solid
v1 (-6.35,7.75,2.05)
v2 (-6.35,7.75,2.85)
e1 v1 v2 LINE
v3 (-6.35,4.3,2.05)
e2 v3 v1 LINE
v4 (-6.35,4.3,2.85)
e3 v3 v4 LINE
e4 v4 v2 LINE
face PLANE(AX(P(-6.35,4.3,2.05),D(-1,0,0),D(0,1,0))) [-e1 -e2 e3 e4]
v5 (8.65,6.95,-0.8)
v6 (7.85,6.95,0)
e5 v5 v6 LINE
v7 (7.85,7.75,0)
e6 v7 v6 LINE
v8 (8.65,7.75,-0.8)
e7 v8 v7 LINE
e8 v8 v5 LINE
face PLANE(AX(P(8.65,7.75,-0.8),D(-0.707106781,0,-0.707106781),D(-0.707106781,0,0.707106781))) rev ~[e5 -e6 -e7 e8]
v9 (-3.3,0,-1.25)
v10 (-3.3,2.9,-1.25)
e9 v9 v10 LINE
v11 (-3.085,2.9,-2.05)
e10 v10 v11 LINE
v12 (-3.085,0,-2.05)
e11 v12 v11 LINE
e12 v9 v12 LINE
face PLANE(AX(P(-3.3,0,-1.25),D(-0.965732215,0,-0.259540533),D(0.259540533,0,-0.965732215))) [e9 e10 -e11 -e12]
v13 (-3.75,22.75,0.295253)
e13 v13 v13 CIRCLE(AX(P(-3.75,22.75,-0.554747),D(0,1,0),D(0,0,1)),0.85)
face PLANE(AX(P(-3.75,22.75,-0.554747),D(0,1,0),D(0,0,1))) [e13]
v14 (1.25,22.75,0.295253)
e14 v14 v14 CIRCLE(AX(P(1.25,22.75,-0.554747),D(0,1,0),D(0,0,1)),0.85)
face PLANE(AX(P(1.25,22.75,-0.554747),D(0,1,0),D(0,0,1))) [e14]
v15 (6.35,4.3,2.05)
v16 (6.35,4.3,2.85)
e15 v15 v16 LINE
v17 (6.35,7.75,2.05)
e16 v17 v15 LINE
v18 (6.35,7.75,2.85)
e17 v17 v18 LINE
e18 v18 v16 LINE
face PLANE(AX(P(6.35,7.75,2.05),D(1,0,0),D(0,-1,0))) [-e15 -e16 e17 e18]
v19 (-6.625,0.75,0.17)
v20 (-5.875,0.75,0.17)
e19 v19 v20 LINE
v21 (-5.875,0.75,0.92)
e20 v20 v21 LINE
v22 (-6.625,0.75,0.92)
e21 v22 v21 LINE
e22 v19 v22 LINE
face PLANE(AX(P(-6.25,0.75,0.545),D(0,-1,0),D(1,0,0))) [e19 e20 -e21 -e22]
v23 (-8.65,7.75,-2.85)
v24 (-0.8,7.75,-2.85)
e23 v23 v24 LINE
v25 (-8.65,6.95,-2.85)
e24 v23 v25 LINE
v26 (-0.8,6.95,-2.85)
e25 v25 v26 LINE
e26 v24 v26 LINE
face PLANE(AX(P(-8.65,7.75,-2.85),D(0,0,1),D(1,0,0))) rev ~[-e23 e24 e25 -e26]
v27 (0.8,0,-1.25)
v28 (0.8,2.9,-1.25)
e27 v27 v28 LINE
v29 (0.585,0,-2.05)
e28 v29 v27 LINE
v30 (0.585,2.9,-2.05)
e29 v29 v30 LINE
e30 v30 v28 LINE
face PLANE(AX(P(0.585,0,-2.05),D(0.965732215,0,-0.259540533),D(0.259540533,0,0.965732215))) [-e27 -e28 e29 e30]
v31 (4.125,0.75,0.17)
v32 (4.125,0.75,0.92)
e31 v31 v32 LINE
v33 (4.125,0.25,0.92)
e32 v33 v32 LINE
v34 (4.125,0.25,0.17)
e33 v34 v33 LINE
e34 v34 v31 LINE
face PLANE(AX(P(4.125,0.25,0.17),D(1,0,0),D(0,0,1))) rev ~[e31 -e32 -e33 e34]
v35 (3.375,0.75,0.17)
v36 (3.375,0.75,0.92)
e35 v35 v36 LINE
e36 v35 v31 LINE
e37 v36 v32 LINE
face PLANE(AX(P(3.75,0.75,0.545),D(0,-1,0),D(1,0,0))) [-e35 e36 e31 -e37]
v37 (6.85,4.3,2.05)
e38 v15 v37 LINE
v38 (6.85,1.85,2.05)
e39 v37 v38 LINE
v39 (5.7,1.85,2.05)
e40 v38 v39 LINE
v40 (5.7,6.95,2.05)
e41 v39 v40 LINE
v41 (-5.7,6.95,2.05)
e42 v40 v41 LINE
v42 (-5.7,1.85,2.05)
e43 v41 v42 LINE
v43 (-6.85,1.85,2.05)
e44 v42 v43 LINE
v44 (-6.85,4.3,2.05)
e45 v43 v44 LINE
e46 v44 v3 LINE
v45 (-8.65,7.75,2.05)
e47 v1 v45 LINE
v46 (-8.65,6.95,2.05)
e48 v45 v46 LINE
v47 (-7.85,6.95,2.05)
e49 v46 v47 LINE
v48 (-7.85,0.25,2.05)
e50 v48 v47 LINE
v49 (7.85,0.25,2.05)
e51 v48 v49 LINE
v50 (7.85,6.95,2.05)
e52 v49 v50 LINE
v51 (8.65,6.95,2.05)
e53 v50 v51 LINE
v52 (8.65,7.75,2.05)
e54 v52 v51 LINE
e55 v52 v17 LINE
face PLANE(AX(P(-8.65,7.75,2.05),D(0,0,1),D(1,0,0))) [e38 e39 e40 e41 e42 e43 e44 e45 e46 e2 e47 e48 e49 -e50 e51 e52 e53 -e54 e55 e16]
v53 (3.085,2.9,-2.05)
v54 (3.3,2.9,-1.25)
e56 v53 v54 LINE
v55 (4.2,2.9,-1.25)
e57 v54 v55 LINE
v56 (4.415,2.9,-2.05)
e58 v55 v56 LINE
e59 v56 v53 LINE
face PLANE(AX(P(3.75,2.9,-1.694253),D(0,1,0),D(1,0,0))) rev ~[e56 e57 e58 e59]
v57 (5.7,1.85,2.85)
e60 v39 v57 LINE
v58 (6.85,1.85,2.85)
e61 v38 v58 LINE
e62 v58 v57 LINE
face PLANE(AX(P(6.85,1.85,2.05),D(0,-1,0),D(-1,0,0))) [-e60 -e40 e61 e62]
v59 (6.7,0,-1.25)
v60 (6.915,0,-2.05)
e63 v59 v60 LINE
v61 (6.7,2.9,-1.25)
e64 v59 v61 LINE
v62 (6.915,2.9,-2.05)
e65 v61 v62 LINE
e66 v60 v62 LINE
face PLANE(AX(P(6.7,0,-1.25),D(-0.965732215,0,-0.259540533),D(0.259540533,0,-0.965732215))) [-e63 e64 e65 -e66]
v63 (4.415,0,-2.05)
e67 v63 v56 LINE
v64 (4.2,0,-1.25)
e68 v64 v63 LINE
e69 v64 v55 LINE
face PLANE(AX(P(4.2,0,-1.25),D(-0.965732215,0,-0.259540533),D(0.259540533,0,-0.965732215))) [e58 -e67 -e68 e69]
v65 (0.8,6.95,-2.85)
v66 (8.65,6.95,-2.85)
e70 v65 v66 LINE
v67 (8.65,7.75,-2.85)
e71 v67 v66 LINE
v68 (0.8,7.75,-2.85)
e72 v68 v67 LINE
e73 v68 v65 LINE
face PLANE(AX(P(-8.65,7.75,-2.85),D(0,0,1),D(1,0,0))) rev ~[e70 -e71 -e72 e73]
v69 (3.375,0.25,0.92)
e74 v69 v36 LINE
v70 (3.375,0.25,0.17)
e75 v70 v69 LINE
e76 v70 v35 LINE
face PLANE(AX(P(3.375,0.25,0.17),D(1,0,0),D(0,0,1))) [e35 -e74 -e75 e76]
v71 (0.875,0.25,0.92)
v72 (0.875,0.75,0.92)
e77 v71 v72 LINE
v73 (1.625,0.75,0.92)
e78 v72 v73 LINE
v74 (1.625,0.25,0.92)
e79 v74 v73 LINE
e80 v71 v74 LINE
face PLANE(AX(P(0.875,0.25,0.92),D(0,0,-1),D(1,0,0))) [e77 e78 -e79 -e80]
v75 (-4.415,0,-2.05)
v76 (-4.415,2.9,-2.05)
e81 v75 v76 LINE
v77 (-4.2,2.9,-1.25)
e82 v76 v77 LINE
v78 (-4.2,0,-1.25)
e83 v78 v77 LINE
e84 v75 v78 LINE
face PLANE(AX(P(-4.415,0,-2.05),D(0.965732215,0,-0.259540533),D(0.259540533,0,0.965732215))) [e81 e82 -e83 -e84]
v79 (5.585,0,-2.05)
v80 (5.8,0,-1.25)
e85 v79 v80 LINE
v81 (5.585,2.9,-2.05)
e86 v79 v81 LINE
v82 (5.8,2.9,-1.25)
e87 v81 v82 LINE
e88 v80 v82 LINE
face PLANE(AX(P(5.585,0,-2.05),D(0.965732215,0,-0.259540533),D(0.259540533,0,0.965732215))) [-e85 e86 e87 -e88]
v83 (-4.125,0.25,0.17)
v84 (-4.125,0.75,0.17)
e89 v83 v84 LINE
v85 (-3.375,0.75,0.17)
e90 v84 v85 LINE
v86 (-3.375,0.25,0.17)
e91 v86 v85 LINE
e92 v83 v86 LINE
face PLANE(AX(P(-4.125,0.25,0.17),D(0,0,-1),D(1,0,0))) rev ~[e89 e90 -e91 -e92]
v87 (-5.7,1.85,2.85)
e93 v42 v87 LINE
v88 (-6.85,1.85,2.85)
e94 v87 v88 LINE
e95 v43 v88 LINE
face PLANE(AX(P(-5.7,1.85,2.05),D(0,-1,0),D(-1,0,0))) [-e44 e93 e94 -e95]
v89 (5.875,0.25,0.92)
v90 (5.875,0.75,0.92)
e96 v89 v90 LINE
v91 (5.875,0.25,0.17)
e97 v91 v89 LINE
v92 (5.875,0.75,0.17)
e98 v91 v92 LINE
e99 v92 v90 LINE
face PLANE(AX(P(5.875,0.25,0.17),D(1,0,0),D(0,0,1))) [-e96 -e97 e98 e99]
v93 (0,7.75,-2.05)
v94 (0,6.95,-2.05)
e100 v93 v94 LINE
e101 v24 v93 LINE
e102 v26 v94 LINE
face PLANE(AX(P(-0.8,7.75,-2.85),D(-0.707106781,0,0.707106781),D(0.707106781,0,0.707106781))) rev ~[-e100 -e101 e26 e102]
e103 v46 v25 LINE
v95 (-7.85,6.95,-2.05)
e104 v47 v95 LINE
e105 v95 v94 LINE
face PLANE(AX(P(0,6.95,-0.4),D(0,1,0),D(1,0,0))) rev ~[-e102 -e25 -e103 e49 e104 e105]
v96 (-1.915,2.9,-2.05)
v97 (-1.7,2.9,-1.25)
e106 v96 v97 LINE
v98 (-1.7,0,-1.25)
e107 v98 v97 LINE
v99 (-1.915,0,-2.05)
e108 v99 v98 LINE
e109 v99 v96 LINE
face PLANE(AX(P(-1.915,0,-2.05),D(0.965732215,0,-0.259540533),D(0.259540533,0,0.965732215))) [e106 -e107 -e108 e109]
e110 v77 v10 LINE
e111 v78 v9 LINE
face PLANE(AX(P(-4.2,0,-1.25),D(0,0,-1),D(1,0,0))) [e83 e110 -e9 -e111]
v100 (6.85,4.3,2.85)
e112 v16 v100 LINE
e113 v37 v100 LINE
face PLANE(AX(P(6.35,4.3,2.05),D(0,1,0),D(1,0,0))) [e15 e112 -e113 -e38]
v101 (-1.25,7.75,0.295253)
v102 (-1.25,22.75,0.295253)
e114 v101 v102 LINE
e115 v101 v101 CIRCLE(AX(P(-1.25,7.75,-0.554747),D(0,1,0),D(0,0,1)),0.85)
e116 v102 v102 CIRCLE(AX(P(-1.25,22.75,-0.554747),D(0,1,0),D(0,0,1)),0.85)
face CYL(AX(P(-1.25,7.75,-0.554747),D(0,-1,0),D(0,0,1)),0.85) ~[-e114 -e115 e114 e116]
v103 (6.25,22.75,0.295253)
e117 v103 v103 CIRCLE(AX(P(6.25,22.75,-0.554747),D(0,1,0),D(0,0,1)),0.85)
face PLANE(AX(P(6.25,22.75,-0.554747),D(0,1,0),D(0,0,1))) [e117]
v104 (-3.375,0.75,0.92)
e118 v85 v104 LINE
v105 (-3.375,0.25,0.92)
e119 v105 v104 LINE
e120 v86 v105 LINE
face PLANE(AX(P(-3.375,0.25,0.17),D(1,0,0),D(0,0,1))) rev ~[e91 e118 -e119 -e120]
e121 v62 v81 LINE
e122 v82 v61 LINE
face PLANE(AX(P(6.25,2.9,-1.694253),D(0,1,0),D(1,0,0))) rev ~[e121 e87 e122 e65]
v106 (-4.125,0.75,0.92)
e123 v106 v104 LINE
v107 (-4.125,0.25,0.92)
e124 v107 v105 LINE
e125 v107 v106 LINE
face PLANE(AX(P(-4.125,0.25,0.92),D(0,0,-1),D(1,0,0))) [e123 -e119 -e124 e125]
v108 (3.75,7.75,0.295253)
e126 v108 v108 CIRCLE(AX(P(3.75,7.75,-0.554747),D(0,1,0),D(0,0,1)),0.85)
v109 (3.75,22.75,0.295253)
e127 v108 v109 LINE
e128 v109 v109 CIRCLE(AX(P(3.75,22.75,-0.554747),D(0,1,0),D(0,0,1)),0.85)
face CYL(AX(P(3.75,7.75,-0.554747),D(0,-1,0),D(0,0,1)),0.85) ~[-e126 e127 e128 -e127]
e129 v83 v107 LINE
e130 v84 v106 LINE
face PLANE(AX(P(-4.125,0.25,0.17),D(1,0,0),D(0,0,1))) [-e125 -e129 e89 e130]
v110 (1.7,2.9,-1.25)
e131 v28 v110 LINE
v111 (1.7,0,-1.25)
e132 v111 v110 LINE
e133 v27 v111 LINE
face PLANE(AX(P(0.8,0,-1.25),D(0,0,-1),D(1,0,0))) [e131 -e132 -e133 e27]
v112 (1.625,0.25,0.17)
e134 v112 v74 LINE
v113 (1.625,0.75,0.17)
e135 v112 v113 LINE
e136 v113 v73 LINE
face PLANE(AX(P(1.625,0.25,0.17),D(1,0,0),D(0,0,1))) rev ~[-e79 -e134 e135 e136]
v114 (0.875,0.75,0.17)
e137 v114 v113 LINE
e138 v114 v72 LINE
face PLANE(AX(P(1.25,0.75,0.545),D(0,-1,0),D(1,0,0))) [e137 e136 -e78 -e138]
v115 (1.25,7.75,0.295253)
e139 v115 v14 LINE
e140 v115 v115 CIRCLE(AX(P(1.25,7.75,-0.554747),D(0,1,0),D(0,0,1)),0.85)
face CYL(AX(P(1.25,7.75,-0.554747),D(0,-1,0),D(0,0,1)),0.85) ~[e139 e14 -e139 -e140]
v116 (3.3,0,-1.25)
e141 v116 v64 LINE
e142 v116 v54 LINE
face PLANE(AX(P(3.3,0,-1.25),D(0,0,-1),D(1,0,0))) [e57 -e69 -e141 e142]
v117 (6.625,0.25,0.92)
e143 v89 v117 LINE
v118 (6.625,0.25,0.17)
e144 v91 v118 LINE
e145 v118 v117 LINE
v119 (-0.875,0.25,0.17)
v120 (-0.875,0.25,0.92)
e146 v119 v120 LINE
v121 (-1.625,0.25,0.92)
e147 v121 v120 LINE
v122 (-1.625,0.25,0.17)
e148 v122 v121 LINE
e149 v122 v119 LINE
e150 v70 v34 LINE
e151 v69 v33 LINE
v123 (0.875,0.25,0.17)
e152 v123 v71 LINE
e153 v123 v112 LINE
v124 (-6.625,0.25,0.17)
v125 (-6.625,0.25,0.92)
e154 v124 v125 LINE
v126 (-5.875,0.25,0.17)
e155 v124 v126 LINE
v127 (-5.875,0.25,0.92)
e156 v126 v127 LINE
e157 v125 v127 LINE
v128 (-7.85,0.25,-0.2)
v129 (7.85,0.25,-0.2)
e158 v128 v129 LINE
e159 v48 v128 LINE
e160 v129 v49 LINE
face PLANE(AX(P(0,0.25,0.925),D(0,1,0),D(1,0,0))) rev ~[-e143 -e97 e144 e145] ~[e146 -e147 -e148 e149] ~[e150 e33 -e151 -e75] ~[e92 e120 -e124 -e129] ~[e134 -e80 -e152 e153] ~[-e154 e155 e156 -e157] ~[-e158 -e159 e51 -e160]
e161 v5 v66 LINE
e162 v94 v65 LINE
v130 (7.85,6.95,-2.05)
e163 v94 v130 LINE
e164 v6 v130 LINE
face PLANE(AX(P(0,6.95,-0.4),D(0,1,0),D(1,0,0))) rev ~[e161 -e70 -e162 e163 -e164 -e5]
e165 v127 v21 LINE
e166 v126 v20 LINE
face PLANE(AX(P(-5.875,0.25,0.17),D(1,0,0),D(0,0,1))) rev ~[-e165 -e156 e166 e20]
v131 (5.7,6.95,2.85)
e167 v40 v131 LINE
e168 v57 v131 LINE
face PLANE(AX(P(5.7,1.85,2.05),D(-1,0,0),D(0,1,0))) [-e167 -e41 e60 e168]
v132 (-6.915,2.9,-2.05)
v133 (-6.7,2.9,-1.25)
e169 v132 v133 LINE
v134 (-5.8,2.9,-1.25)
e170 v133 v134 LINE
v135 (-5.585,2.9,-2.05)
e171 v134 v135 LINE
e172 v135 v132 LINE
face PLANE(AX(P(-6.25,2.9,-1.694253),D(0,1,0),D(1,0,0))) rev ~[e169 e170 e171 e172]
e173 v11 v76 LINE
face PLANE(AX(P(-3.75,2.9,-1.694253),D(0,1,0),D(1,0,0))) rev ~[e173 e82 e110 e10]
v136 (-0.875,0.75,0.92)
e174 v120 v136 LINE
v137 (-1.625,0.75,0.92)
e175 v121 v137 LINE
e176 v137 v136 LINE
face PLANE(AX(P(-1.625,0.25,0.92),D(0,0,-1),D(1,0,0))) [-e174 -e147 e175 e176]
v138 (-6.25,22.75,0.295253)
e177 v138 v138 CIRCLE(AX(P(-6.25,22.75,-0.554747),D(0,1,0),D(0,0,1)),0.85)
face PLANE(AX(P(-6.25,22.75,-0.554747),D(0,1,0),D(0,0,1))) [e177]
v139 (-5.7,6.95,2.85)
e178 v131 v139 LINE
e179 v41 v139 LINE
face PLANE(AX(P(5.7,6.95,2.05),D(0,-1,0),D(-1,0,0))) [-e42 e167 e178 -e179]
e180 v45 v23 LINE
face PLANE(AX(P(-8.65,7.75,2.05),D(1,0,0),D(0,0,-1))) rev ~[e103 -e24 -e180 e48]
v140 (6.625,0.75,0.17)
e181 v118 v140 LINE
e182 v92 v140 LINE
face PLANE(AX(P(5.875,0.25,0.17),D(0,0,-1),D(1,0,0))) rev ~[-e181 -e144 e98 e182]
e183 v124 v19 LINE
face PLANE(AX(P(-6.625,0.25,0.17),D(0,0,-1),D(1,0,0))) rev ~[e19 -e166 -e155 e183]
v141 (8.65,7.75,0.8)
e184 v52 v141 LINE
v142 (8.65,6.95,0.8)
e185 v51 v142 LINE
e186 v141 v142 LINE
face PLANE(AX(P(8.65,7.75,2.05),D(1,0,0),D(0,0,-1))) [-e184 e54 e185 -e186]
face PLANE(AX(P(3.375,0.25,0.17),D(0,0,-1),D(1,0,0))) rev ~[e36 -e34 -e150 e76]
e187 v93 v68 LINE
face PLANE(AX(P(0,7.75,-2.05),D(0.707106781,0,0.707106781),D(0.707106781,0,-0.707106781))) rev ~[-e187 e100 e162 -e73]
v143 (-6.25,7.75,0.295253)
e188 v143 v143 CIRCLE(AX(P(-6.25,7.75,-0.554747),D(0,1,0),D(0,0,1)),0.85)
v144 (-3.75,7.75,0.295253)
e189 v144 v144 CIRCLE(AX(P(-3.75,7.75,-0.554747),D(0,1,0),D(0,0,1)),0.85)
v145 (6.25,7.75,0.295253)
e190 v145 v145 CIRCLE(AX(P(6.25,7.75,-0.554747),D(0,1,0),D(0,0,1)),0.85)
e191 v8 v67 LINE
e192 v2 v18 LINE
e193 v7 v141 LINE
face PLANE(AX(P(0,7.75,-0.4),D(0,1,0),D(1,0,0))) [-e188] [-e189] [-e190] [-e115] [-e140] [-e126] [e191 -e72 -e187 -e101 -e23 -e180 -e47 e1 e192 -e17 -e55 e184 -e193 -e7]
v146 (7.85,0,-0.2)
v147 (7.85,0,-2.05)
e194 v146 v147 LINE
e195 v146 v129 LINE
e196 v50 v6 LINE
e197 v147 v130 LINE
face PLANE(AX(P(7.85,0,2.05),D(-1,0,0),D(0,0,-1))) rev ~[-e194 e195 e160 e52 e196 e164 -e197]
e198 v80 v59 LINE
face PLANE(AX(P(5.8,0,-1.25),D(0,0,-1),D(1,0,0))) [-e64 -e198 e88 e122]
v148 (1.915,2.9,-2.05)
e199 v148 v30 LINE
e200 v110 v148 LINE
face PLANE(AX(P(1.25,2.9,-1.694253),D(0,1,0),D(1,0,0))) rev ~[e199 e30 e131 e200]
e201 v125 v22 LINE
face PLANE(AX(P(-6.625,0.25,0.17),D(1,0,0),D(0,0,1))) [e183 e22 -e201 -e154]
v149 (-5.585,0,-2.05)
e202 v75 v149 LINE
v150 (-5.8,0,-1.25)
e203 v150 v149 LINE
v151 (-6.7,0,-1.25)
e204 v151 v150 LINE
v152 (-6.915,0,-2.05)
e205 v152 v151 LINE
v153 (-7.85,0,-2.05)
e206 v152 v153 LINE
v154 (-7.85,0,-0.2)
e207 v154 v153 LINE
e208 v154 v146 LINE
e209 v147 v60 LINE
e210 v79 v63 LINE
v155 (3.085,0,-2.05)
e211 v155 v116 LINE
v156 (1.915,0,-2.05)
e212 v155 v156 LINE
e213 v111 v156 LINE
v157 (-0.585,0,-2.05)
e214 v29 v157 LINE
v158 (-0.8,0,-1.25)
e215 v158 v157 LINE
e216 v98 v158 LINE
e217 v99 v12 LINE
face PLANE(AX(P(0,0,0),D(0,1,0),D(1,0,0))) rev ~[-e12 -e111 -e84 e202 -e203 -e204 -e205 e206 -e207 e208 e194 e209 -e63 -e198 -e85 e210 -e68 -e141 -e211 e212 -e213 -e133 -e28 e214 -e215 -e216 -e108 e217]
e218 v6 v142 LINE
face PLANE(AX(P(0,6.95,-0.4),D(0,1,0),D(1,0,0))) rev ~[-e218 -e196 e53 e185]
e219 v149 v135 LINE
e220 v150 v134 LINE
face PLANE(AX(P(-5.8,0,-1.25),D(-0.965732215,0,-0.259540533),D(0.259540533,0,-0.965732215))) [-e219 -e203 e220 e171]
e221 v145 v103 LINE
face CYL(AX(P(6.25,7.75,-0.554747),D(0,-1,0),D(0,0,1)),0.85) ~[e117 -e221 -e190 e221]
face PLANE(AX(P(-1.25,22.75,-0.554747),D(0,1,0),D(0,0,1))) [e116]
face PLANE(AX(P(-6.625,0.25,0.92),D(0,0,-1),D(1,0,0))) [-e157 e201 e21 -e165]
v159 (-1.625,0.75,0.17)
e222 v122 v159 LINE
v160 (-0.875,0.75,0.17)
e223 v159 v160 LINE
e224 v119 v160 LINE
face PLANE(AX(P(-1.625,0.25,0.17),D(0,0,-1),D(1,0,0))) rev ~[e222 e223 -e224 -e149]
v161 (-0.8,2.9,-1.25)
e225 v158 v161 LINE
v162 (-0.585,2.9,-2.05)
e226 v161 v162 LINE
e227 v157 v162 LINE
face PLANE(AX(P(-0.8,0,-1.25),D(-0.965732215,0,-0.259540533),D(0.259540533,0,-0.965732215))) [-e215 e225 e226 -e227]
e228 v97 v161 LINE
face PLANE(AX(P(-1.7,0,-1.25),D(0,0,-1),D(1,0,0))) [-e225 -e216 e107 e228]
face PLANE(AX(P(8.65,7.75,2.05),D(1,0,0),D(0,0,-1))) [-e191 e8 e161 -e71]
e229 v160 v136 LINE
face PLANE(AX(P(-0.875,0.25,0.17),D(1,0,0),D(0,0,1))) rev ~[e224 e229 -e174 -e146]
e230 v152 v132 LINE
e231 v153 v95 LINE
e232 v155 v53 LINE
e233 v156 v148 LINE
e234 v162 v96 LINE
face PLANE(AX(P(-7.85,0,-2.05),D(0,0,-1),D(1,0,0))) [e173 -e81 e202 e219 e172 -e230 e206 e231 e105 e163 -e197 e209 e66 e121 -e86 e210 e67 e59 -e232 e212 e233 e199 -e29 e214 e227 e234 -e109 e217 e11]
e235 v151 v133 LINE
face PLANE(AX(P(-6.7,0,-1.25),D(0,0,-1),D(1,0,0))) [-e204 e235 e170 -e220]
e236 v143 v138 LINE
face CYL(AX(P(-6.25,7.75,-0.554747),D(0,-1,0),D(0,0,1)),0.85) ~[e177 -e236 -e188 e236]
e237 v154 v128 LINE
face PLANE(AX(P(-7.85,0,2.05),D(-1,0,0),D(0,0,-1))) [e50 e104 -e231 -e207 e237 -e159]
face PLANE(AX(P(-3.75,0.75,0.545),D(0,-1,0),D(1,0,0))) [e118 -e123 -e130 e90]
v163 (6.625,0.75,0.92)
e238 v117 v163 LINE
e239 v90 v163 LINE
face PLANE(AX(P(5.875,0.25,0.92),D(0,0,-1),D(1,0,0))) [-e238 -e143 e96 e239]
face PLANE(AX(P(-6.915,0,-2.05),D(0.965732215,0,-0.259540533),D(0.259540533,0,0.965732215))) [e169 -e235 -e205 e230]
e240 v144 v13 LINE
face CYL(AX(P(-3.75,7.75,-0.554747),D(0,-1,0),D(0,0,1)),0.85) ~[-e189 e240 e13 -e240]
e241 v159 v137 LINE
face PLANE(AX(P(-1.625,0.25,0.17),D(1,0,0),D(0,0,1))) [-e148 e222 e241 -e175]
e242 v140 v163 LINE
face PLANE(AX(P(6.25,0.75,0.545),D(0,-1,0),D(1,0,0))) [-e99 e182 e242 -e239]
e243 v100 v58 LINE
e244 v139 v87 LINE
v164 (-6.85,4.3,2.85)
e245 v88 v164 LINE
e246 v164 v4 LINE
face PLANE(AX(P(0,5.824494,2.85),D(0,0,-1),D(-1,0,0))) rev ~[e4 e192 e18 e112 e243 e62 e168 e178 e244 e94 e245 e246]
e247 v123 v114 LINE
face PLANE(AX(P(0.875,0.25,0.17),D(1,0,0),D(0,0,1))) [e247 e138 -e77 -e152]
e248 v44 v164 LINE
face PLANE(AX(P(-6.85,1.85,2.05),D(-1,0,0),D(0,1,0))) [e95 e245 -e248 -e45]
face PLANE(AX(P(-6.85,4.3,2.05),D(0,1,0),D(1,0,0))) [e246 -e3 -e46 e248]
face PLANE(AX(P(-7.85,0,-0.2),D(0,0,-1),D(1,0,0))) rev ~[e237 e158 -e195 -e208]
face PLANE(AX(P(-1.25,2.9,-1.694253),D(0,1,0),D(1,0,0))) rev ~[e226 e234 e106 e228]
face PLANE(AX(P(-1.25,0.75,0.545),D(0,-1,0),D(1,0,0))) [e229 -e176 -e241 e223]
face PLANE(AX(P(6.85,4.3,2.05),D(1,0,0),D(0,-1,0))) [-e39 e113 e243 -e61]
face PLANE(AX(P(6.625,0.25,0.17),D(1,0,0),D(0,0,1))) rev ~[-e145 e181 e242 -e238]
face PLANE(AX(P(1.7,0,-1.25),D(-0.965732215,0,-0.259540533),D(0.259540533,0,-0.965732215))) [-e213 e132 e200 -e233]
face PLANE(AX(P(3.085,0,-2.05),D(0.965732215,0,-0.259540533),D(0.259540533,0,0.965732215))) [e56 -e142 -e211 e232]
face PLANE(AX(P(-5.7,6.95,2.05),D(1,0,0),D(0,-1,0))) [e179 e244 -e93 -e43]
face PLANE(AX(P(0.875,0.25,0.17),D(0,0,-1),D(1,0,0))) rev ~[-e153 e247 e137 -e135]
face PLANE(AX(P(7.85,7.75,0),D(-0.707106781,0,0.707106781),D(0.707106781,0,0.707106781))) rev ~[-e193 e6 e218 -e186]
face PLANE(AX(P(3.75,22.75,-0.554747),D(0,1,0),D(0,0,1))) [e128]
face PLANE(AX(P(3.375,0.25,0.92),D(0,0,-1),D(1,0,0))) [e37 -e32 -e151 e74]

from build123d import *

# Parameters (mm, degrees)
ESQUISSE1_W                = 15.7
ESQUISSE1_H                = 4.1
BOSS_EXTRU_1_DEPTH         = 7.75
ESQUISSE2_W                = 15.7
ESQUISSE2_H                = 2.25
ENL_V_MAT_EXTRU_1_DEPTH    = 0.25
ESQUISSE3_W                = 17.3
ESQUISSE3_H                = 4.9
BOSS_EXTRU_2_DEPTH         = 0.8
ENL_V_MAT_EXTRU_4_DEPTH    = 12.95857433
BOSS_EXTRU_3_DEPTH         = 0.8
ENL_V_MAT_EXTRU_2_DEPTH    = 2.9
ESQUISSE6_W                = 0.75
ESQUISSE6_H                = 0.75
ENL_V_MAT_EXTRU_3_DEPTH    = 0.5
ESQUISSE7_R                = 0.85
BOSS_EXTRU_4_DEPTH         = 15
R_P_TITION_LIN_AIRE2_COUNT = 6
R_P_TITION_LIN_AIRE2_PITCH = 2.5


with BuildPart() as part:
    # Esquisse1 → Boss.-Extru.1 (new body)
    with BuildSketch(Plane(origin=(0, 0, 0), x_dir=(1, 0, 0), z_dir=(0, 1, 0))):
        Rectangle(ESQUISSE1_W, ESQUISSE1_H)
    extrude(amount=BOSS_EXTRU_1_DEPTH)

    # Esquisse2 → Enlèv. mat.-Extru.1 (cut)
    with BuildSketch(Plane(origin=(0, 0, 0), x_dir=(1, 0, 0), z_dir=(0, 1, 0))):
        with Locations((0, -0.925)):
            Rectangle(ESQUISSE2_W, ESQUISSE2_H)
    extrude(amount=ENL_V_MAT_EXTRU_1_DEPTH, mode=Mode.SUBTRACT)

    # Esquisse3 → Boss.-Extru.2 (add)
    with BuildSketch(Plane(origin=(0, 7.75, 0), x_dir=(1, 0, 0), z_dir=(0, 1, 0))):
        with Locations((0, 0.4)):
            Rectangle(ESQUISSE3_W, ESQUISSE3_H)
    extrude(amount=-BOSS_EXTRU_2_DEPTH)

    # Esquisse8 → Enlèv. mat.-Extru.4 (cut, through all)
    with BuildSketch(Plane(origin=(0, 7.75, 0), x_dir=(1, 0, 0), z_dir=(0, 1, 0))):
        Polygon((-0.8, 2.85), (0, 2.05), (0.8, 2.85), align=None)
        Polygon((8.65, 0.8), (7.85, 0), (8.65, -0.8), align=None)
    extrude(amount=-ENL_V_MAT_EXTRU_4_DEPTH, mode=Mode.SUBTRACT)

    # Esquisse4 → Boss.-Extru.3 (add)
    with BuildSketch(Plane.XY.offset(2.05)):
        Polygon((5.7, 6.95), (-5.7, 6.95), (-5.7, 1.85), (-6.85, 1.85), (-6.85, 4.3), (-6.35, 4.3), (-6.35, 7.75), (6.35, 7.75), (6.35, 4.3), (6.85, 4.3), (6.85, 1.85), (5.7, 1.85), align=None)
    extrude(amount=BOSS_EXTRU_3_DEPTH)

    # Esquisse5 → Enlèv. mat.-Extru.2 (cut)
    with BuildSketch(Plane(origin=(0, 0, 0), x_dir=(1, 0, 0), z_dir=(0, 1, 0))):
        Polygon((-6.915, 2.05), (-6.7, 1.25), (-5.8, 1.25), (-5.585, 2.05), align=None)
    enl_v_mat_extru_2 = extrude(amount=ENL_V_MAT_EXTRU_2_DEPTH, mode=Mode.SUBTRACT)

    # Esquisse6 → Enlèv. mat.-Extru.3 (cut)
    with BuildSketch(Plane.XZ.offset(-0.25)):
        with Locations((-6.25, 0.545)):
            Rectangle(ESQUISSE6_W, ESQUISSE6_H)
    enl_v_mat_extru_3 = extrude(amount=-ENL_V_MAT_EXTRU_3_DEPTH, mode=Mode.SUBTRACT)

    # Esquisse7 → Boss.-Extru.4 (add)
    with BuildSketch(Plane(origin=(0, 7.75, 0), x_dir=(1, 0, 0), z_dir=(0, 1, 0))):
        with Locations(Location((-6.25, 0.554746523, 0), (0, 0, 270))):
            Circle(ESQUISSE7_R)
    boss_extru_4 = extrude(amount=BOSS_EXTRU_4_DEPTH)

    # Répétition linéaire2: Enlèv. mat.-Extru.2, Enlèv. mat.-Extru.3, Boss.-Extru.4 ×6
    with Locations(*[(i * R_P_TITION_LIN_AIRE2_PITCH, 0, 0) for i in range(1, R_P_TITION_LIN_AIRE2_COUNT)]):
        add(enl_v_mat_extru_2, mode=Mode.SUBTRACT)
        add(enl_v_mat_extru_3, mode=Mode.SUBTRACT)
        add(boss_extru_4)


solid = part.part
